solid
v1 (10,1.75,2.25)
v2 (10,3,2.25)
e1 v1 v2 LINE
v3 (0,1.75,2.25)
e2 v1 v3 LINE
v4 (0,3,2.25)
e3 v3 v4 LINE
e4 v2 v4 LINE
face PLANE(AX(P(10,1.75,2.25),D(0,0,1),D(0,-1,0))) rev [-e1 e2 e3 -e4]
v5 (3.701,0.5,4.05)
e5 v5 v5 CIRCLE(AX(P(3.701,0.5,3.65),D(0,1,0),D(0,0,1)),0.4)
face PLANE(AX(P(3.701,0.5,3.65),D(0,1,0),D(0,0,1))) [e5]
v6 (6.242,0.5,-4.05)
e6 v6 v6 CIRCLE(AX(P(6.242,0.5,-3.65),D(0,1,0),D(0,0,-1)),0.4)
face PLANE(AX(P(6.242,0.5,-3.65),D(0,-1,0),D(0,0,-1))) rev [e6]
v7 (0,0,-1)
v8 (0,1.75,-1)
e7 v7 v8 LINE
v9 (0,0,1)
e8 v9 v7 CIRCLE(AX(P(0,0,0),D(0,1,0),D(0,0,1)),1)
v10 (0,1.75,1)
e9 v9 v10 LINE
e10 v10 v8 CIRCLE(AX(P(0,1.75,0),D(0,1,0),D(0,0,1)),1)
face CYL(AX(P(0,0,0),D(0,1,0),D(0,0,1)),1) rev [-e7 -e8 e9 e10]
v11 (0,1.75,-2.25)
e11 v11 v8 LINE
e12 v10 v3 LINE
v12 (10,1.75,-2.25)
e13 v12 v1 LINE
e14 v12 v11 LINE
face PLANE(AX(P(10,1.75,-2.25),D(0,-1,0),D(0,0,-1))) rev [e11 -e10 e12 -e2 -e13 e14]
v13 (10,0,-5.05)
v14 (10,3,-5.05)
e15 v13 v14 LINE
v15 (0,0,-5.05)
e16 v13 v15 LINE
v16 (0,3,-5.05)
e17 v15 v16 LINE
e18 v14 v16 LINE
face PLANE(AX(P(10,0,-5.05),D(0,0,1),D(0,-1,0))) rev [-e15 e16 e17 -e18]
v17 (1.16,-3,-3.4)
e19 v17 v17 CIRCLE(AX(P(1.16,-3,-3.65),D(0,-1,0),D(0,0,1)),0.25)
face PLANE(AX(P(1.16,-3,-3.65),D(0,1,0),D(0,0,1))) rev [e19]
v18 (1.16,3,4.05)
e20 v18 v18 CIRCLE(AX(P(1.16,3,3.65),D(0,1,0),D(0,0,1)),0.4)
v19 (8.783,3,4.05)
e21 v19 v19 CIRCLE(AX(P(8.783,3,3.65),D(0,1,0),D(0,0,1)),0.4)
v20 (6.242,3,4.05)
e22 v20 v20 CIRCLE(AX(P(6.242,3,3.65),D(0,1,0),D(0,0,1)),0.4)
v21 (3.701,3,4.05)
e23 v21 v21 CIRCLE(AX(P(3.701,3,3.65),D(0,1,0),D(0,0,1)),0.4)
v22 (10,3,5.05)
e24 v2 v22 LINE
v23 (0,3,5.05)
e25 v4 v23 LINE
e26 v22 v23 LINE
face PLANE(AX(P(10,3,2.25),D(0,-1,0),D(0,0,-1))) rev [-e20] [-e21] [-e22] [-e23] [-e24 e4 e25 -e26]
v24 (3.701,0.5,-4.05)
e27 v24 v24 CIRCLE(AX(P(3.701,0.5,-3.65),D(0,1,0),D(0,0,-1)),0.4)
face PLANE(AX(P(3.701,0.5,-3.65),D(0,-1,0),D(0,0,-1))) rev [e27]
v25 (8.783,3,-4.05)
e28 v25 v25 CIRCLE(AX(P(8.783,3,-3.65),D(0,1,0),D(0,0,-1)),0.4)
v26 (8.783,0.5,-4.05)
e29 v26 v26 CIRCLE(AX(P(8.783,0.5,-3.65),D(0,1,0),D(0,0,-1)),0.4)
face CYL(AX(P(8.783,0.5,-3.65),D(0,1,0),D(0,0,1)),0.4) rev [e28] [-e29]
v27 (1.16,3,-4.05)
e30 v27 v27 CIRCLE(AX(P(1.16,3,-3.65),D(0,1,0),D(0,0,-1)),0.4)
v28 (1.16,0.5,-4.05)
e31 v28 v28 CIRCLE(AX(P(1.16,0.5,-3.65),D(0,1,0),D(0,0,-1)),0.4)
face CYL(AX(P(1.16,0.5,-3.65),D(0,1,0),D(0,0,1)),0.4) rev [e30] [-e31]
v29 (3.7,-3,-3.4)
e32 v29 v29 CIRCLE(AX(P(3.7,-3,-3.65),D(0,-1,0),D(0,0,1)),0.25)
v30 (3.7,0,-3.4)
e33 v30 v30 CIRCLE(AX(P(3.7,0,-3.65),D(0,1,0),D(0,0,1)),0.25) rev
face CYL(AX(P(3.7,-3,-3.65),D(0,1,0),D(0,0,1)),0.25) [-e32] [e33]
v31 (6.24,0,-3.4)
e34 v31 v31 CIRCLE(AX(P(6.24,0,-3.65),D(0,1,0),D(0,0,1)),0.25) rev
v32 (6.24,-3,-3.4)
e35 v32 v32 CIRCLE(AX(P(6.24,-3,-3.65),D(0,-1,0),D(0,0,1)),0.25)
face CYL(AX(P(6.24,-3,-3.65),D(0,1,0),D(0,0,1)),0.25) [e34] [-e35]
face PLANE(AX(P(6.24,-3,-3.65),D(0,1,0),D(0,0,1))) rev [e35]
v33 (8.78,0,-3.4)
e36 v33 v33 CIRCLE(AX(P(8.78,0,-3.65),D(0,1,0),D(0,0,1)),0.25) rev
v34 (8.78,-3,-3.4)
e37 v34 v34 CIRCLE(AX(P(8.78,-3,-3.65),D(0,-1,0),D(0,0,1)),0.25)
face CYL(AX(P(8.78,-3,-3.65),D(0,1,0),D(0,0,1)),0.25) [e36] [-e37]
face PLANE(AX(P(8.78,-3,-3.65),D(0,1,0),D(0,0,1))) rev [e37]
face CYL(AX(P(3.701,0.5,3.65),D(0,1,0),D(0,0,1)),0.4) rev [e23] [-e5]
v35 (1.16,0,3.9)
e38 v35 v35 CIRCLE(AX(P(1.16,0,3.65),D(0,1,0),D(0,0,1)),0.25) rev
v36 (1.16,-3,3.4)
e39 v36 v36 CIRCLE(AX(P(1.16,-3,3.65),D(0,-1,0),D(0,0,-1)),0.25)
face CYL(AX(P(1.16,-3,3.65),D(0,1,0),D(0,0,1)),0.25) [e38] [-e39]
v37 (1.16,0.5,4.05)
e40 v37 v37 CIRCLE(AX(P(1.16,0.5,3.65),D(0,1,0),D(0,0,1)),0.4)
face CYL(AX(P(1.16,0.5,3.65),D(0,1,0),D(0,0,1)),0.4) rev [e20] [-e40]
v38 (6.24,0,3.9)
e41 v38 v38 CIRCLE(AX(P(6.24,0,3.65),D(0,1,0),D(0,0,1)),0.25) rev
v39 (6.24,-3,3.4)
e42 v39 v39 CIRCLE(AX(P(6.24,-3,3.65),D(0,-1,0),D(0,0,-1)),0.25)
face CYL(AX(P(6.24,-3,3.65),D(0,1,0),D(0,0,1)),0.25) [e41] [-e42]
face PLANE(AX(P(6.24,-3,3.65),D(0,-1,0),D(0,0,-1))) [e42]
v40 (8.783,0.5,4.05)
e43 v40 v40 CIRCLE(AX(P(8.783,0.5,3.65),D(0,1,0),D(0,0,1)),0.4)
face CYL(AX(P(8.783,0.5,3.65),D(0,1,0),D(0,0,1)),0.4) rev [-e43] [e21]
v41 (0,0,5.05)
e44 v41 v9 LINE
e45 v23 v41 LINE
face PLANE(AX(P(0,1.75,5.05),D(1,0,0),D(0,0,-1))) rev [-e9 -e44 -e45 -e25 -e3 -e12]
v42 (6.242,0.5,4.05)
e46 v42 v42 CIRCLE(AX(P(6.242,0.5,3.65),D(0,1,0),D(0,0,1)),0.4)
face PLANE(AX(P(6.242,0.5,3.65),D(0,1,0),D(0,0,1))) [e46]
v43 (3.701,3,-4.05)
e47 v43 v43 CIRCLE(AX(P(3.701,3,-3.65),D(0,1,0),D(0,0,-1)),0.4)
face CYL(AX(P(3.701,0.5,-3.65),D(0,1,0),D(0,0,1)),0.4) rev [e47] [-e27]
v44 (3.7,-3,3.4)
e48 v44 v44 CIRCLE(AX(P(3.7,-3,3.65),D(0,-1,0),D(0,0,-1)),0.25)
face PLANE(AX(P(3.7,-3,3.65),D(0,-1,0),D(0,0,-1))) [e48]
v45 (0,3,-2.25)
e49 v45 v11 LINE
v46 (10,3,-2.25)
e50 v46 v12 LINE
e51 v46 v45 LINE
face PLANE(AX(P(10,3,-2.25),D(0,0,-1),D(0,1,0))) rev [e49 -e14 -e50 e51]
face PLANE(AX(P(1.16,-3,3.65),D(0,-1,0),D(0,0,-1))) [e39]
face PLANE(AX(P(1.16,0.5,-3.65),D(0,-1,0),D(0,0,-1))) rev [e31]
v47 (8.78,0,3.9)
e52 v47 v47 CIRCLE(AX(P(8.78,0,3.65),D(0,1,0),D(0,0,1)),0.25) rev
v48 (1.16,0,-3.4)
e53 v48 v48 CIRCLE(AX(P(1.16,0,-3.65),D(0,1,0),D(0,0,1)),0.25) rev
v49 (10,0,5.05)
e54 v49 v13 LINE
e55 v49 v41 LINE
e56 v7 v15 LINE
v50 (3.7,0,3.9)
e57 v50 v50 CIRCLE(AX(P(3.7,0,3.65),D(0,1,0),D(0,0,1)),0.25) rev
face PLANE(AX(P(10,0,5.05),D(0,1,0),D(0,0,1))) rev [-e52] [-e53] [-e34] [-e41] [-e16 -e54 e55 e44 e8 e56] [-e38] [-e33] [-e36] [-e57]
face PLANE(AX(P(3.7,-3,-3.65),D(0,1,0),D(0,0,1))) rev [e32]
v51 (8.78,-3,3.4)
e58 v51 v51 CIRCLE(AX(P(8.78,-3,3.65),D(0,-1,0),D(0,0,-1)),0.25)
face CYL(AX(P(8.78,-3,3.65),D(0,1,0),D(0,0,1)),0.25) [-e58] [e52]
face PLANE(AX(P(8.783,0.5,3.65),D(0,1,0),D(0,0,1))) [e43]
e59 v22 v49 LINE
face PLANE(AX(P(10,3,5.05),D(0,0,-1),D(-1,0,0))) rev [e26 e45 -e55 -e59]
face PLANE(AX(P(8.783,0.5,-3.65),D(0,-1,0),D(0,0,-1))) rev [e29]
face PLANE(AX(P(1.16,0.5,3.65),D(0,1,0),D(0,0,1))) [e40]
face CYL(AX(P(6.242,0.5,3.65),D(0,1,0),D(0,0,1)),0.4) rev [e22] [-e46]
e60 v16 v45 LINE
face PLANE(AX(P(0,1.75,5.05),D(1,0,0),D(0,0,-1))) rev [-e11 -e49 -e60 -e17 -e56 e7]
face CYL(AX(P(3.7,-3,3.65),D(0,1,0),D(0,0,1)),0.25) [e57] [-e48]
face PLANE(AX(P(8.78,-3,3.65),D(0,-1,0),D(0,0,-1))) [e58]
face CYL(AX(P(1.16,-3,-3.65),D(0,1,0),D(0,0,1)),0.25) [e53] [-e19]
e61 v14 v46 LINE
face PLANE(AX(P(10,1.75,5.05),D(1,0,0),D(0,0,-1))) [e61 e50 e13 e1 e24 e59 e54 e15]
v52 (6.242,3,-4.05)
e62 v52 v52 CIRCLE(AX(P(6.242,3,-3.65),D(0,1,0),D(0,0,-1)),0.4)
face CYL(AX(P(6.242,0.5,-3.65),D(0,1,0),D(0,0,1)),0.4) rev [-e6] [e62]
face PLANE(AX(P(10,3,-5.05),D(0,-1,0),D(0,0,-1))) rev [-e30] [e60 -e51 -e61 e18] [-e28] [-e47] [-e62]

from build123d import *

# Parameters (mm, degrees)
EXTRUSION1_DEPTH        = 10
ENL_V_MAT_EXTRU_1_DEPTH = 2.75
ESQUISSE3_R             = 0.4
ENL_V_MAT_EXTRU_2_DEPTH = 2.5
ESQUISSE5_R             = 0.25
EXTRUSION2_DEPTH        = 3


with BuildPart() as part:
    # Esquisse1 → Extrusion1 (new body)
    with BuildSketch(Plane(origin=(0, 0, 0), x_dir=(0, 0, -1), z_dir=(1, 0, 0))):
        Polygon((-2.25, 1.75), (-2.25, 3), (-5.05, 3), (-5.05, 0), (5.05, 0), (5.05, 3), (2.25, 3), (2.25, 1.75), align=None)
    extrude(amount=EXTRUSION1_DEPTH)

    # Esquisse2 → Enlèv. mat.-Extru.1 (cut, through all)
    with BuildSketch(Plane(origin=(0, 1.75, 0), x_dir=(-1, 0, 0), z_dir=(0, 1, 0))):
        with BuildLine():
            Line((0, -1), (0, 1))
            ThreePointArc((0, 1), (-1, 0), (0, -1))
        make_face()
    extrude(amount=-ENL_V_MAT_EXTRU_1_DEPTH, mode=Mode.SUBTRACT)

    # Esquisse3 → Enlèv. mat.-Extru.2 (cut)
    with BuildSketch(Plane(origin=(0, 3, 0), x_dir=(-1, 0, 0), z_dir=(0, 1, 0))):
        with Locations(Location((-1.16, 3.65, 0), (0, 0, 90))):  # turned: the seam where the file's is
            Circle(ESQUISSE3_R)
        with Locations(Location((-1.16, -3.65, 0), (0, 0, 270))):  # turned: the seam where the file's is
            Circle(ESQUISSE3_R)
        with Locations(Location((-3.701, 3.65, 0), (0, 0, 90))):  # turned: the seam where the file's is
            Circle(ESQUISSE3_R)
        with Locations(Location((-3.701, -3.65, 0), (0, 0, 270))):  # turned: the seam where the file's is
            Circle(ESQUISSE3_R)
        with Locations(Location((-6.242, 3.65, 0), (0, 0, 90))):  # turned: the seam where the file's is
            Circle(ESQUISSE3_R)
        with Locations(Location((-6.242, -3.65, 0), (0, 0, 270))):  # turned: the seam where the file's is
            Circle(ESQUISSE3_R)
        with Locations(Location((-8.783, 3.65, 0), (0, 0, 90))):  # turned: the seam where the file's is
            Circle(ESQUISSE3_R)
        with Locations(Location((-8.783, -3.65, 0), (0, 0, 270))):  # turned: the seam where the file's is
            Circle(ESQUISSE3_R)
    extrude(amount=-ENL_V_MAT_EXTRU_2_DEPTH, mode=Mode.SUBTRACT)

    # Esquisse5 → Extrusion2 (add)
    with BuildSketch(Plane.XZ):
        with Locations(Location((1.16, 3.65, 0), (0, 0, 90))):  # turned: the seam where the file's is
            Circle(ESQUISSE5_R)
        with Locations(Location((1.16, -3.65, 0), (0, 0, 90))):  # turned: the seam where the file's is
            Circle(ESQUISSE5_R)
        with Locations(Location((3.7, -3.65, 0), (0, 0, 90))):  # turned: the seam where the file's is
            Circle(ESQUISSE5_R)
        with Locations(Location((3.7, 3.65, 0), (0, 0, 90))):  # turned: the seam where the file's is
            Circle(ESQUISSE5_R)
        with Locations(Location((6.24, -3.65, 0), (0, 0, 90))):  # turned: the seam where the file's is
            Circle(ESQUISSE5_R)
        with Locations(Location((6.24, 3.65, 0), (0, 0, 90))):  # turned: the seam where the file's is
            Circle(ESQUISSE5_R)
        with Locations(Location((8.78, -3.65, 0), (0, 0, 90))):  # turned: the seam where the file's is
            Circle(ESQUISSE5_R)
        with Locations(Location((8.78, 3.65, 0), (0, 0, 90))):  # turned: the seam where the file's is
            Circle(ESQUISSE5_R)
    extrude(amount=EXTRUSION2_DEPTH)


solid = part.part
